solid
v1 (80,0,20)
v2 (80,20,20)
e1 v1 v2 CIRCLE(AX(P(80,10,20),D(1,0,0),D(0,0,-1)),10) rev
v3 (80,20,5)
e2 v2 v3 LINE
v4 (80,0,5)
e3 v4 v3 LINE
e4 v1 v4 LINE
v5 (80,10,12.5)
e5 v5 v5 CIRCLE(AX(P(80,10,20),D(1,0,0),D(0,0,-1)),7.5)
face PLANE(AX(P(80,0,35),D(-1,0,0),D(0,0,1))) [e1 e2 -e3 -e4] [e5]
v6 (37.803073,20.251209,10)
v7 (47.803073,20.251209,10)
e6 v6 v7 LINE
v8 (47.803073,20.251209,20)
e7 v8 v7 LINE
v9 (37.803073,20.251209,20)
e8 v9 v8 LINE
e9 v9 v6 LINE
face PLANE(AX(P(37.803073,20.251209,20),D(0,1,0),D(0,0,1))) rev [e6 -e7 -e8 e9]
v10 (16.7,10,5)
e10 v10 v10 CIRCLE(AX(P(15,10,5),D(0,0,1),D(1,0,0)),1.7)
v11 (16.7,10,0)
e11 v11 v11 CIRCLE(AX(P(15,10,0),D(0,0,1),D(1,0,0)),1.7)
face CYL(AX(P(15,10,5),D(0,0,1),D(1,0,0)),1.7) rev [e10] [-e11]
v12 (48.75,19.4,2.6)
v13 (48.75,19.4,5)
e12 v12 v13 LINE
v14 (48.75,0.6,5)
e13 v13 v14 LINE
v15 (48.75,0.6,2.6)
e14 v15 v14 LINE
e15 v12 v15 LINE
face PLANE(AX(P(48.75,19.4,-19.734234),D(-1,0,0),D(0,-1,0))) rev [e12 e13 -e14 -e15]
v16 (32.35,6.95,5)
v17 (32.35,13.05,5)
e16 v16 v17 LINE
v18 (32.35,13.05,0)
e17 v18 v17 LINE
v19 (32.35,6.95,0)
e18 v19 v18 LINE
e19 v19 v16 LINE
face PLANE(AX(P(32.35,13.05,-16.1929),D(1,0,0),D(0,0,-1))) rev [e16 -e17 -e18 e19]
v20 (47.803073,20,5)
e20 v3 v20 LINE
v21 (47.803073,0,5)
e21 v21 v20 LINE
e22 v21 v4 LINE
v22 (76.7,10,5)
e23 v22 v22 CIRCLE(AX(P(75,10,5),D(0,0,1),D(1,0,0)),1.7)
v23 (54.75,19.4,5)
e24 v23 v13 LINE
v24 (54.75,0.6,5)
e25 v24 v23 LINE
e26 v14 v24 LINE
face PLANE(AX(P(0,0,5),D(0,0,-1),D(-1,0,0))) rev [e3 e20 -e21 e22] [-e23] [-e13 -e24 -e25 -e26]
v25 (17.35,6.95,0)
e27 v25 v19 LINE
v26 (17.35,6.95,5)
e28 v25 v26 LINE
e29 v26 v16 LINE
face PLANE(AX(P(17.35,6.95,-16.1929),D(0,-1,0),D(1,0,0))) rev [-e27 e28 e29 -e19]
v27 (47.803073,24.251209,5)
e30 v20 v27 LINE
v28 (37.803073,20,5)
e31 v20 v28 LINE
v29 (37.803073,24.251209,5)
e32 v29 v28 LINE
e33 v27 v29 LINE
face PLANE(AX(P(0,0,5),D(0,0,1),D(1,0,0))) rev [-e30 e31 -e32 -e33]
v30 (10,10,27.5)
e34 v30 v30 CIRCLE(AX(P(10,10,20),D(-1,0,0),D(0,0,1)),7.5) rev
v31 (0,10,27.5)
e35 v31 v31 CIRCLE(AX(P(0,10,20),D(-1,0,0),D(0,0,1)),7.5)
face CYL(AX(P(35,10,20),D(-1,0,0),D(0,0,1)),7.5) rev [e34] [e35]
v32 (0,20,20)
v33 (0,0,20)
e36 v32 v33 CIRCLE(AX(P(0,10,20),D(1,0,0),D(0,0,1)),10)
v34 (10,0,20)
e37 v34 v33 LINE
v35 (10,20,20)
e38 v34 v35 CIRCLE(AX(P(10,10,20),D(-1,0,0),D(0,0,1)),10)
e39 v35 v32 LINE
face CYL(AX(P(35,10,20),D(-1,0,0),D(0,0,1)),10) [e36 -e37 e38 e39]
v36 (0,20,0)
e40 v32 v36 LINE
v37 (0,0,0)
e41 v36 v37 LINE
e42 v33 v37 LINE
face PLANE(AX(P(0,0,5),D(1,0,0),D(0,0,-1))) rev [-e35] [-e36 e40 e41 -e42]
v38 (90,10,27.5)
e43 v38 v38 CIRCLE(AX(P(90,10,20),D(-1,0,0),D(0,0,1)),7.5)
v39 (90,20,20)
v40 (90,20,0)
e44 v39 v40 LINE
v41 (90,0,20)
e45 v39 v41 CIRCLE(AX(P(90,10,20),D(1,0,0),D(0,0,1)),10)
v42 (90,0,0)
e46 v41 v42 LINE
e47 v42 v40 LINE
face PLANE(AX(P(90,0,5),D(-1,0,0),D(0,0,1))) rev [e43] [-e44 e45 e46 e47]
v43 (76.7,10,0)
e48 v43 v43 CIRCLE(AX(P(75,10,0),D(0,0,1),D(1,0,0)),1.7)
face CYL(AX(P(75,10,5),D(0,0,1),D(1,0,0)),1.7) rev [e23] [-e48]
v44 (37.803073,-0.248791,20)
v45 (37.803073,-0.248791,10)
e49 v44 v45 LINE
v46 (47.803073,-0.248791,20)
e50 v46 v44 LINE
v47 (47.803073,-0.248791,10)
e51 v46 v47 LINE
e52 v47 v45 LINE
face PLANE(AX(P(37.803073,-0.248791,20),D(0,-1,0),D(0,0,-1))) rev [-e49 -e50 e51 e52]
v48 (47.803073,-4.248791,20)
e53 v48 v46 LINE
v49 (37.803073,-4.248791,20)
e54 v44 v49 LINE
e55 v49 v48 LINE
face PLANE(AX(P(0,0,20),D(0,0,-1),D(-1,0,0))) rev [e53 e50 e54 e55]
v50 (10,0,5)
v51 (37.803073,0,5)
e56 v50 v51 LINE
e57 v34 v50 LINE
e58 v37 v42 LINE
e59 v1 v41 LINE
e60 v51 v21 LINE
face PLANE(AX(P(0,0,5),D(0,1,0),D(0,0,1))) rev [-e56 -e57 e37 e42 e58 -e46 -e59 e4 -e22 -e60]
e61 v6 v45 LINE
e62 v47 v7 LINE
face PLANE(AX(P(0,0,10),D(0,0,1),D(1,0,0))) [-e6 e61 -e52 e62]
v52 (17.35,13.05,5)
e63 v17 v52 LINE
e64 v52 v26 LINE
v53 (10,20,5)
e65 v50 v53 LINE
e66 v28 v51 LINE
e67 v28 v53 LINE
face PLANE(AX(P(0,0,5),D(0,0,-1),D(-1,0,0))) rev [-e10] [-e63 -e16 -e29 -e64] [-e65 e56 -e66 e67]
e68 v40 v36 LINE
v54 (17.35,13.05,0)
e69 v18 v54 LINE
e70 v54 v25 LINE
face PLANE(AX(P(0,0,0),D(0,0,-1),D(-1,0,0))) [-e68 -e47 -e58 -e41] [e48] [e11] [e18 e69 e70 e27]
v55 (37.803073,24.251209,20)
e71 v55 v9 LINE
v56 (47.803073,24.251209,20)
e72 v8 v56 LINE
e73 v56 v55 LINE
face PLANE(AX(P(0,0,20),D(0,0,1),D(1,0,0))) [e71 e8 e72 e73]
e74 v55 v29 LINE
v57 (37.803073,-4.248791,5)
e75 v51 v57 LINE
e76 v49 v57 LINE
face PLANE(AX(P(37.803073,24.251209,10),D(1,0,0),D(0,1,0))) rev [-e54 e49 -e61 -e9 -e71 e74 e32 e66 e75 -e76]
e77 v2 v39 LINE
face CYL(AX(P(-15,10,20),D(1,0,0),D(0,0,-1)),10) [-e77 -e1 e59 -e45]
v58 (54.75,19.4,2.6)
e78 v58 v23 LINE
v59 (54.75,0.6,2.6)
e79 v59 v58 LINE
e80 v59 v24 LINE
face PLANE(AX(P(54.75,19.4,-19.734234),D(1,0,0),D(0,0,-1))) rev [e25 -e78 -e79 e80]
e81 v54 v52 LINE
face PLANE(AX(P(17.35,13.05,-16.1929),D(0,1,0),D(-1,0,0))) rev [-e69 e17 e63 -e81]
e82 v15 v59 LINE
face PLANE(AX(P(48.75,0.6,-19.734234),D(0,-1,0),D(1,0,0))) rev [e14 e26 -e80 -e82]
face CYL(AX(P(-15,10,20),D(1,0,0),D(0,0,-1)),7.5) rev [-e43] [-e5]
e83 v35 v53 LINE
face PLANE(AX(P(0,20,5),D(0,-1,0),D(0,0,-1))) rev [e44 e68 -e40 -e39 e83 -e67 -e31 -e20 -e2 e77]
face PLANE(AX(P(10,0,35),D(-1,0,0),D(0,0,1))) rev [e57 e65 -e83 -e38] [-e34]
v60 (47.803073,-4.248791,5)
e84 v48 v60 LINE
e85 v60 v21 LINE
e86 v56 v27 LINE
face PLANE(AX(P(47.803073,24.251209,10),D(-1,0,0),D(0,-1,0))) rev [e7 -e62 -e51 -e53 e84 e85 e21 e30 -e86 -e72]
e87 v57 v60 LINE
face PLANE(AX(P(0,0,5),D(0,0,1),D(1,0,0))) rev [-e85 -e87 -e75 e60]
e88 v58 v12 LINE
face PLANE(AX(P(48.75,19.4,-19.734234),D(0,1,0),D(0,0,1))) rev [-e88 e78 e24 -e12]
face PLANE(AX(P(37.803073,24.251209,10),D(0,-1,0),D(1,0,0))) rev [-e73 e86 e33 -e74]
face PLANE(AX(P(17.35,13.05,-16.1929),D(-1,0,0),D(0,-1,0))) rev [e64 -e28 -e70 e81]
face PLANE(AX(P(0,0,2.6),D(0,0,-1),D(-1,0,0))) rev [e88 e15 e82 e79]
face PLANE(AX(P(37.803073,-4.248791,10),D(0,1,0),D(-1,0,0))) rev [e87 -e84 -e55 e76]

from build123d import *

# Parameters (mm, degrees)
ESQUISSE1_W             = 90
ESQUISSE1_H             = 20
BOSS_EXTRU_1_DEPTH      = 5
ESQUISSE2_W             = 10
ESQUISSE2_H             = 20
BOSS_EXTRU_2_DEPTH      = 30
ESQUISSE3_R             = 7.5
ENL_V_MAT_EXTRU_1_DEPTH = 10
ESQUISSE5_W             = 6
ESQUISSE5_H             = 18.8
ENL_V_MAT_EXTRU_2_DEPTH = 2.4
ESQUISSE10_W            = 15
ESQUISSE10_H            = 6.1
ENL_V_MAT_EXTRU_4_DEPTH = 5
ESQUISSE11_R            = 1
ENL_V_MAT_EXTRU_5_DEPTH = 10
D_GAGEMENT_M31_D        = 3.4
ESQUISSE14_W            = 10
ESQUISSE14_H            = 28.5
BOSS_EXTRU_3_DEPTH      = 5
ESQUISSE16_W            = 10
ESQUISSE16_H            = 4
BOSS_EXTRU_4_DEPTH      = 10


with BuildPart() as part:
    # Esquisse1 → Boss.-Extru.1 (new body)
    with BuildSketch(Plane.XY):
        with Locations((45, 10)):
            Rectangle(ESQUISSE1_W, ESQUISSE1_H)
    extrude(amount=BOSS_EXTRU_1_DEPTH)

    # Esquisse2 → Boss.-Extru.2 (add)
    with BuildSketch(Plane.XY.offset(5)):
        with Locations((5, 10)):
            Rectangle(ESQUISSE2_W, ESQUISSE2_H)
    boss_extru_2 = extrude(amount=BOSS_EXTRU_2_DEPTH)

    # Esquisse3 → Enlèv. mat.-Extru.1 (cut)
    with BuildSketch(Plane.ZY):
        with Locations((20, 10)):
            Circle(ESQUISSE3_R)
        with BuildLine():
            Line((35, 20), (20, 20))
            ThreePointArc((20, 20), (30, 10), (20, 0))
            Line((20, 0), (35, 0))
            Line((35, 0), (35, 20))
        make_face()
    enl_v_mat_extru_1 = extrude(amount=-ENL_V_MAT_EXTRU_1_DEPTH, mode=Mode.SUBTRACT)

    # Symétrie1: Boss.-Extru.2, Enlèv. mat.-Extru.1 across plane
    add(boss_extru_2.mirror(Plane(origin=(45, 0, 0), x_dir=(0, 0, 1), z_dir=(1, 0, 0))))
    add(enl_v_mat_extru_1.mirror(Plane(origin=(45, 0, 0), x_dir=(0, 0, 1), z_dir=(1, 0, 0))), mode=Mode.SUBTRACT)

    # Esquisse5 → Enlèv. mat.-Extru.2 (cut)
    with BuildSketch(Plane.XY.offset(5)):
        with Locations((51.75, 10)):
            Rectangle(ESQUISSE5_W, ESQUISSE5_H)
    extrude(amount=-ENL_V_MAT_EXTRU_2_DEPTH, mode=Mode.SUBTRACT)

    # Esquisse10 → Enlèv. mat.-Extru.4 (cut)
    with BuildSketch(Plane.XY.offset(5)):
        with Locations((24.85, 10)):
            Rectangle(ESQUISSE10_W, ESQUISSE10_H)
    extrude(amount=-ENL_V_MAT_EXTRU_4_DEPTH, mode=Mode.SUBTRACT)

    # Esquisse11 → Enlèv. mat.-Extru.5 (cut)
    with BuildSketch(Plane.XY.offset(5)):
        with Locations((15, 10)):
            Circle(ESQUISSE11_R)
        with Locations((75, 10)):
            Circle(ESQUISSE11_R)
    extrude(amount=-ENL_V_MAT_EXTRU_5_DEPTH, mode=Mode.SUBTRACT)

    # Dégagement M31 (through all)
    with Locations(Plane.XY.offset(5)):
        with Locations((15, 10), (75, 10)):
            Hole(D_GAGEMENT_M31_D / 2)

    # Esquisse14 → Boss.-Extru.3 (add)
    with BuildSketch(Plane.XY.offset(5)):
        with Locations((42.803073496, 10.001209338)):
            Rectangle(ESQUISSE14_W, ESQUISSE14_H)
    extrude(amount=BOSS_EXTRU_3_DEPTH)

    # Esquisse16 → Boss.-Extru.4 (add)
    with BuildSketch(Plane.XY.offset(10)):
        with Locations((42.803073496, 22.251209338)):
            Rectangle(ESQUISSE16_W, ESQUISSE16_H)
        with Locations((42.803073496, -2.248790662)):
            Rectangle(ESQUISSE16_W, ESQUISSE16_H)
    extrude(amount=BOSS_EXTRU_4_DEPTH)


solid = part.part
